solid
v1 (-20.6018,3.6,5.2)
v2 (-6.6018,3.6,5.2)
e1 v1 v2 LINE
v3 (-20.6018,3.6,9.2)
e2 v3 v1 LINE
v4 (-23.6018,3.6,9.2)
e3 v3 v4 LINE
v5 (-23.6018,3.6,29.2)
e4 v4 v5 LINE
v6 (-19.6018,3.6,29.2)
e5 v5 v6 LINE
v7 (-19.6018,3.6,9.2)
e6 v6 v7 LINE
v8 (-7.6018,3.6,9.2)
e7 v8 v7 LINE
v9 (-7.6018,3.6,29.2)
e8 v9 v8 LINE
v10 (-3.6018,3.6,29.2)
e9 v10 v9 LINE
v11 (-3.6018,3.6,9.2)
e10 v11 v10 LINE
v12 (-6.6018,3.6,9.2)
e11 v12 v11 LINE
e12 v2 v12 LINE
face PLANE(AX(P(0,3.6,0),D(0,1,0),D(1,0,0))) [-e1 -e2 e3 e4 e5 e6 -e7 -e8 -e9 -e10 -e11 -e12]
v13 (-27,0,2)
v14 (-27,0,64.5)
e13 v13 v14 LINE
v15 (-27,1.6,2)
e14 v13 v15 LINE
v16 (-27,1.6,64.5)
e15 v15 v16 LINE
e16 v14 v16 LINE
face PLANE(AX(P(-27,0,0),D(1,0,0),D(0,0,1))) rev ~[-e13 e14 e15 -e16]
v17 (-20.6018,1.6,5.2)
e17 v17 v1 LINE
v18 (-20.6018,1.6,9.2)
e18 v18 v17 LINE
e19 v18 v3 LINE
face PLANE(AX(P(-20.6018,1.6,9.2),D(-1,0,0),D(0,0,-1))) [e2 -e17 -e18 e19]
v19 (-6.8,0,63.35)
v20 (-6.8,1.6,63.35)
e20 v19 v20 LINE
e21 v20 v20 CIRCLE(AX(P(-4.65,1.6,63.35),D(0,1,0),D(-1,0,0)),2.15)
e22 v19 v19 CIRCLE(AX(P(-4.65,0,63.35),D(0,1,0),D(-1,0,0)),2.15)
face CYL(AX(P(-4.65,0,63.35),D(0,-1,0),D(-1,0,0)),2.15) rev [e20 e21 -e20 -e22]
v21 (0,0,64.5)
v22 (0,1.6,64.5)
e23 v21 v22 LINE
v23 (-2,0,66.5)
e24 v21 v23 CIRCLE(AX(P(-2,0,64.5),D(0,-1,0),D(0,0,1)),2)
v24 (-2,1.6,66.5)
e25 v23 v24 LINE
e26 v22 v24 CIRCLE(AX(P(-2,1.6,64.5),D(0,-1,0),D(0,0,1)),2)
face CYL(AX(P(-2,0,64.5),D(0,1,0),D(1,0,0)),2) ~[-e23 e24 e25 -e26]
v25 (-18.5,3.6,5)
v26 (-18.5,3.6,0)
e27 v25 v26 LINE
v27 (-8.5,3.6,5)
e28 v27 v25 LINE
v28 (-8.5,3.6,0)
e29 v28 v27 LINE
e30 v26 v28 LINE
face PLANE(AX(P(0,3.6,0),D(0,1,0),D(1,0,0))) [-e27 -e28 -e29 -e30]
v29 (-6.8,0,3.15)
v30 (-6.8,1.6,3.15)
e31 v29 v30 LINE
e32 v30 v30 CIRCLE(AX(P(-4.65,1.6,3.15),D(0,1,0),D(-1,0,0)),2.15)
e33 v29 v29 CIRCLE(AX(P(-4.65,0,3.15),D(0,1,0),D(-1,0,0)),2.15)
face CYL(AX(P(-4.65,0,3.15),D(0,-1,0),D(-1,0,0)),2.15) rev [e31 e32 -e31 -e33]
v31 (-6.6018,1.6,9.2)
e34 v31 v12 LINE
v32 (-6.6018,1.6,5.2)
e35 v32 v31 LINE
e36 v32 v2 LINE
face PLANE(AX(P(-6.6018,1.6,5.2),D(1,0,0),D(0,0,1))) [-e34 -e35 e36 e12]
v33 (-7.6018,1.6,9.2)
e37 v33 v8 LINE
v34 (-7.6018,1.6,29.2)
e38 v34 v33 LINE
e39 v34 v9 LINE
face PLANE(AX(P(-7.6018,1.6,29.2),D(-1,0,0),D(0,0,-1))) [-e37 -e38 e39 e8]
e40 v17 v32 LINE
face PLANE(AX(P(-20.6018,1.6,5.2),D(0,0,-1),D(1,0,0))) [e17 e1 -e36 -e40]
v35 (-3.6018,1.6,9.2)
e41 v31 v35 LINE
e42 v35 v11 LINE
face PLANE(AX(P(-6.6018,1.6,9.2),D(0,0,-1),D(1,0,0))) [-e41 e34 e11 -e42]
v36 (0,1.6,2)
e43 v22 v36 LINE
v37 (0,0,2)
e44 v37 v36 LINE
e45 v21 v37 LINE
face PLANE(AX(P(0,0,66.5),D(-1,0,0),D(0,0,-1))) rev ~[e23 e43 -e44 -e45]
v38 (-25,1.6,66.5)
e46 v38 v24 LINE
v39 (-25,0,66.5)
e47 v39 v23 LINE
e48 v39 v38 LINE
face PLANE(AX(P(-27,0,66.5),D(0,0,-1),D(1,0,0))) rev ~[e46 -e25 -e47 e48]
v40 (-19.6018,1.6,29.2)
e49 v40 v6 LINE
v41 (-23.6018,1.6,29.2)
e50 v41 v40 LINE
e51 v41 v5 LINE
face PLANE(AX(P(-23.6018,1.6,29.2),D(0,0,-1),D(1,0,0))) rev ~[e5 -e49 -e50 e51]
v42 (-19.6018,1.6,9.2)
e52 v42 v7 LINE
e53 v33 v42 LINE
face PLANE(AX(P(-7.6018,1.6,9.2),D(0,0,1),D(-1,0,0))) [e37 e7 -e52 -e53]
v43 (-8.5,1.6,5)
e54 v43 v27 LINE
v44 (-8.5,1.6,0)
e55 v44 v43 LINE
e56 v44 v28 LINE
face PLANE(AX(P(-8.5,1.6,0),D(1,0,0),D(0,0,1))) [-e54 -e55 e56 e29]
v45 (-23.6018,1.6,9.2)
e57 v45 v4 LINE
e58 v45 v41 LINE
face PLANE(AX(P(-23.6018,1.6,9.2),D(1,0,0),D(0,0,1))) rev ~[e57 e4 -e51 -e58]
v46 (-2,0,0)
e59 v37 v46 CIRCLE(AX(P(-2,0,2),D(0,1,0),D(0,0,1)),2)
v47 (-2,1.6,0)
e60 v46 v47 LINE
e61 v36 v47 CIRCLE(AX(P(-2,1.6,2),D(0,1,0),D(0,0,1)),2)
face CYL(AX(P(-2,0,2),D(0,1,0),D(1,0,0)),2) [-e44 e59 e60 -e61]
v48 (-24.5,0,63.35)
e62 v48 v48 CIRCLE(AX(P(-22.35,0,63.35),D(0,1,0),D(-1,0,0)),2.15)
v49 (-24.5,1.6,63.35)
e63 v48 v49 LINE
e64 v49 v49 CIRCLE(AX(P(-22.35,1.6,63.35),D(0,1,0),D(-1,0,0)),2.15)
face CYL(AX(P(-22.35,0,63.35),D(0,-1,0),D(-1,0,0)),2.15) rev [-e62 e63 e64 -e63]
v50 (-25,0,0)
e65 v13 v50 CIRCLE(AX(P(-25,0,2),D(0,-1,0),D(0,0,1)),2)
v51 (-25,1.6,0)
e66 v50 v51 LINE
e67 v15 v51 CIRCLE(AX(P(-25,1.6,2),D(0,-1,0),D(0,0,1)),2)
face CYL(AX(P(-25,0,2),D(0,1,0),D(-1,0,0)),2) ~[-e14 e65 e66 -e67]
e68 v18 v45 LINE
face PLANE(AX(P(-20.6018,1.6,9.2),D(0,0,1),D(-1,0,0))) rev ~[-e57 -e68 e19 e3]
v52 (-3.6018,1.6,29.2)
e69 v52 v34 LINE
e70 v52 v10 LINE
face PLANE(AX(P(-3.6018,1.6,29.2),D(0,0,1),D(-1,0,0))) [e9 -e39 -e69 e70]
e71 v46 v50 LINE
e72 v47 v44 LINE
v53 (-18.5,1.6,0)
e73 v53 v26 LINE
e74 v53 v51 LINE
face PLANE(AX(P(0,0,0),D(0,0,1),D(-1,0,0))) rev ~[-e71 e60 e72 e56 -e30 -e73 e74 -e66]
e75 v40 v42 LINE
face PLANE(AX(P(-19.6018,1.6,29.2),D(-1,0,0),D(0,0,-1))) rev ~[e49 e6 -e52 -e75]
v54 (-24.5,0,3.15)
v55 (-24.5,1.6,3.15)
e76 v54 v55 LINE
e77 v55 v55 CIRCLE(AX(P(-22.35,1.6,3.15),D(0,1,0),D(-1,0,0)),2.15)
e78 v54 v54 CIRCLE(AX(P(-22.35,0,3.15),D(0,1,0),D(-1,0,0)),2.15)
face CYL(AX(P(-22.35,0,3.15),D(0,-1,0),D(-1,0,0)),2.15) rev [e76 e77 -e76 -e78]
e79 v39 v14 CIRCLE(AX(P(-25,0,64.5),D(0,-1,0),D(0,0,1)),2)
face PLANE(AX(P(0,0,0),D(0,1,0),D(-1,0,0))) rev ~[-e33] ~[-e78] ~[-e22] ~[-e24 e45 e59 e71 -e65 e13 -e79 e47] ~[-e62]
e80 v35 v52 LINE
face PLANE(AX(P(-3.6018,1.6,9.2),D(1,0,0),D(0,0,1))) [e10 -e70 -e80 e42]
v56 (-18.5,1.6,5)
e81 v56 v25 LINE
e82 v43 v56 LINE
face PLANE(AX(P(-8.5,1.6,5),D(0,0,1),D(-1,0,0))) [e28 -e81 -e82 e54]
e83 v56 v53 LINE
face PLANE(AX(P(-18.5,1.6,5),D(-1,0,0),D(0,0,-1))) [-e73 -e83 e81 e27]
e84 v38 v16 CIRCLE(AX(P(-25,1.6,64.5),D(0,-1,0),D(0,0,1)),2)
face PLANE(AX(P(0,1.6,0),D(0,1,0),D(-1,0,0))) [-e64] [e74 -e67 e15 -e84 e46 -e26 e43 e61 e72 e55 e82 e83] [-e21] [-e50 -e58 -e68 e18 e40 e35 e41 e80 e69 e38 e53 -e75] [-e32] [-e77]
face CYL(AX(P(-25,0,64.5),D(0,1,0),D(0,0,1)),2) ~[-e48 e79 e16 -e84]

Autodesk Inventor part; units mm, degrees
ref_plane "YZ Plane" through (0, 0, 0) normal (1, 0, 0) x (0, 1, 0)
ref_plane "XZ Plane" through (0, 0, 0) normal (0, 1, 0) x (-1, 0, 0)
ref_plane "XY Plane" through (0, 0, 0) normal (0, 0, 1) x (1, 0, 0)
sketch "Esquisse1" plane through (0, 0, 0) normal (0, 1, 0) x (-1, 0, 0)
  line L0 (0, 0) -> (27, 0)
  line L1 (27, 0) -> (27, 66.5)
  line L2 (27, 66.5) -> (0, 66.5)
  line L3 (0, 66.5) -> (0, 0)
  line L4 (4.65, 63.35) -> (22.35, 63.35) construction
  line L5 (22.35, 63.35) -> (22.35, 3.15) construction
  line L6 (22.35, 3.15) -> (4.65, 3.15) construction
  line L7 (4.65, 3.15) -> (4.65, 63.35) construction
  line L8 (13.5, 63.35) -> (13.5, 66.5) construction
  line L9 (22.35, 33.25) -> (27, 33.25) construction
  line L10 (4.65, 33.25) -> (0, 33.25) construction
  line L11 (13.5, 3.15) -> (13.5, 0) construction
  circle A0 centre (4.65, 63.35) radius 2.15
  circle A1 centre (22.35, 63.35) radius 2.15
  circle A2 centre (4.65, 3.15) radius 2.15
  circle A3 centre (22.35, 3.15) radius 2.15
  dimension "d0" = 27
  dimension "d1" = 66.5
  dimension "d2" = 60.2
  dimension "d3" = 17.7
  dimension "d4" = 4.3
extrude "Extrusion1" add sketch "Esquisse1" along normal blind 1.6
fillet "Congé1" radius 2 4 edges at (0, 0.8, 0) (-27, 0.8, 0) (0, 0.8, 66.5) (-27, 0.8, 66.5)
sketch "Esquisse2" plane through (0, 1.6, 0) normal (0, 1, 0) x (1, 0, 0)
  line L0 (-2, 0) -> (-25, 0) construction
  line L1 (-18.5, 0) -> (-8.5, 0)
  line L2 (-8.5, 0) -> (-8.5, -5)
  line L3 (-8.5, -5) -> (-18.5, -5)
  line L4 (-18.5, -5) -> (-18.5, 0)
  point P0 (0, 0)
  point P1 (-13.5, 0)
  dimension "d8" = 5
  dimension "d9" = 10
extrude "Extrusion2" add sketch "Esquisse2" along normal blind 2
sketch "Esquisse3" plane through (0, 1.6, 0) normal (0, 1, 0) x (1, 0, 0)
  line L0 (-6.6018, -5.2) -> (-6.6018, -9.2)
  line L1 (-6.6018, -9.2) -> (-20.6018, -9.2)
  line L2 (-20.6018, -9.2) -> (-20.6018, -5.2)
  line L3 (-18.5, -5) -> (-8.5, -5)
  line L4 (-17.7303, -5) -> (-13.5194, -5) construction
  line L5 (-13.6018, -9.2) -> (-13.6018, -29.6083) construction
  line L6 (-19.6018, -9.2) -> (-23.6018, -9.2)
  line L7 (-23.6018, -9.2) -> (-23.6018, -29.2)
  line L8 (-23.6018, -29.2) -> (-19.6018, -29.2)
  line L9 (-19.6018, -29.2) -> (-19.6018, -9.2)
  line L10 (-7.6018, -9.2) -> (-3.6018, -9.2)
  line L11 (-3.6018, -9.2) -> (-3.6018, -29.2)
  line L12 (-3.6018, -29.2) -> (-7.6018, -29.2)
  line L13 (-7.6018, -29.2) -> (-7.6018, -9.2)
  line L14 (-8.5, -5) -> (-18.5, -5)
  line L15 (-20.6018, -5.2) -> (-6.6018, -5.2)
  point P0 (0, 0)
  point P1 (-13.5, -5)
  dimension "d12" = 14
  dimension "d13" = 4
  dimension "d14" = 20
  dimension "d15" = 4
  dimension "d16" = 12
  dimension "d19" = 0.2
extrude "Extrusion3" add sketch "Esquisse3" along normal blind 2
properties part number "opencm"
